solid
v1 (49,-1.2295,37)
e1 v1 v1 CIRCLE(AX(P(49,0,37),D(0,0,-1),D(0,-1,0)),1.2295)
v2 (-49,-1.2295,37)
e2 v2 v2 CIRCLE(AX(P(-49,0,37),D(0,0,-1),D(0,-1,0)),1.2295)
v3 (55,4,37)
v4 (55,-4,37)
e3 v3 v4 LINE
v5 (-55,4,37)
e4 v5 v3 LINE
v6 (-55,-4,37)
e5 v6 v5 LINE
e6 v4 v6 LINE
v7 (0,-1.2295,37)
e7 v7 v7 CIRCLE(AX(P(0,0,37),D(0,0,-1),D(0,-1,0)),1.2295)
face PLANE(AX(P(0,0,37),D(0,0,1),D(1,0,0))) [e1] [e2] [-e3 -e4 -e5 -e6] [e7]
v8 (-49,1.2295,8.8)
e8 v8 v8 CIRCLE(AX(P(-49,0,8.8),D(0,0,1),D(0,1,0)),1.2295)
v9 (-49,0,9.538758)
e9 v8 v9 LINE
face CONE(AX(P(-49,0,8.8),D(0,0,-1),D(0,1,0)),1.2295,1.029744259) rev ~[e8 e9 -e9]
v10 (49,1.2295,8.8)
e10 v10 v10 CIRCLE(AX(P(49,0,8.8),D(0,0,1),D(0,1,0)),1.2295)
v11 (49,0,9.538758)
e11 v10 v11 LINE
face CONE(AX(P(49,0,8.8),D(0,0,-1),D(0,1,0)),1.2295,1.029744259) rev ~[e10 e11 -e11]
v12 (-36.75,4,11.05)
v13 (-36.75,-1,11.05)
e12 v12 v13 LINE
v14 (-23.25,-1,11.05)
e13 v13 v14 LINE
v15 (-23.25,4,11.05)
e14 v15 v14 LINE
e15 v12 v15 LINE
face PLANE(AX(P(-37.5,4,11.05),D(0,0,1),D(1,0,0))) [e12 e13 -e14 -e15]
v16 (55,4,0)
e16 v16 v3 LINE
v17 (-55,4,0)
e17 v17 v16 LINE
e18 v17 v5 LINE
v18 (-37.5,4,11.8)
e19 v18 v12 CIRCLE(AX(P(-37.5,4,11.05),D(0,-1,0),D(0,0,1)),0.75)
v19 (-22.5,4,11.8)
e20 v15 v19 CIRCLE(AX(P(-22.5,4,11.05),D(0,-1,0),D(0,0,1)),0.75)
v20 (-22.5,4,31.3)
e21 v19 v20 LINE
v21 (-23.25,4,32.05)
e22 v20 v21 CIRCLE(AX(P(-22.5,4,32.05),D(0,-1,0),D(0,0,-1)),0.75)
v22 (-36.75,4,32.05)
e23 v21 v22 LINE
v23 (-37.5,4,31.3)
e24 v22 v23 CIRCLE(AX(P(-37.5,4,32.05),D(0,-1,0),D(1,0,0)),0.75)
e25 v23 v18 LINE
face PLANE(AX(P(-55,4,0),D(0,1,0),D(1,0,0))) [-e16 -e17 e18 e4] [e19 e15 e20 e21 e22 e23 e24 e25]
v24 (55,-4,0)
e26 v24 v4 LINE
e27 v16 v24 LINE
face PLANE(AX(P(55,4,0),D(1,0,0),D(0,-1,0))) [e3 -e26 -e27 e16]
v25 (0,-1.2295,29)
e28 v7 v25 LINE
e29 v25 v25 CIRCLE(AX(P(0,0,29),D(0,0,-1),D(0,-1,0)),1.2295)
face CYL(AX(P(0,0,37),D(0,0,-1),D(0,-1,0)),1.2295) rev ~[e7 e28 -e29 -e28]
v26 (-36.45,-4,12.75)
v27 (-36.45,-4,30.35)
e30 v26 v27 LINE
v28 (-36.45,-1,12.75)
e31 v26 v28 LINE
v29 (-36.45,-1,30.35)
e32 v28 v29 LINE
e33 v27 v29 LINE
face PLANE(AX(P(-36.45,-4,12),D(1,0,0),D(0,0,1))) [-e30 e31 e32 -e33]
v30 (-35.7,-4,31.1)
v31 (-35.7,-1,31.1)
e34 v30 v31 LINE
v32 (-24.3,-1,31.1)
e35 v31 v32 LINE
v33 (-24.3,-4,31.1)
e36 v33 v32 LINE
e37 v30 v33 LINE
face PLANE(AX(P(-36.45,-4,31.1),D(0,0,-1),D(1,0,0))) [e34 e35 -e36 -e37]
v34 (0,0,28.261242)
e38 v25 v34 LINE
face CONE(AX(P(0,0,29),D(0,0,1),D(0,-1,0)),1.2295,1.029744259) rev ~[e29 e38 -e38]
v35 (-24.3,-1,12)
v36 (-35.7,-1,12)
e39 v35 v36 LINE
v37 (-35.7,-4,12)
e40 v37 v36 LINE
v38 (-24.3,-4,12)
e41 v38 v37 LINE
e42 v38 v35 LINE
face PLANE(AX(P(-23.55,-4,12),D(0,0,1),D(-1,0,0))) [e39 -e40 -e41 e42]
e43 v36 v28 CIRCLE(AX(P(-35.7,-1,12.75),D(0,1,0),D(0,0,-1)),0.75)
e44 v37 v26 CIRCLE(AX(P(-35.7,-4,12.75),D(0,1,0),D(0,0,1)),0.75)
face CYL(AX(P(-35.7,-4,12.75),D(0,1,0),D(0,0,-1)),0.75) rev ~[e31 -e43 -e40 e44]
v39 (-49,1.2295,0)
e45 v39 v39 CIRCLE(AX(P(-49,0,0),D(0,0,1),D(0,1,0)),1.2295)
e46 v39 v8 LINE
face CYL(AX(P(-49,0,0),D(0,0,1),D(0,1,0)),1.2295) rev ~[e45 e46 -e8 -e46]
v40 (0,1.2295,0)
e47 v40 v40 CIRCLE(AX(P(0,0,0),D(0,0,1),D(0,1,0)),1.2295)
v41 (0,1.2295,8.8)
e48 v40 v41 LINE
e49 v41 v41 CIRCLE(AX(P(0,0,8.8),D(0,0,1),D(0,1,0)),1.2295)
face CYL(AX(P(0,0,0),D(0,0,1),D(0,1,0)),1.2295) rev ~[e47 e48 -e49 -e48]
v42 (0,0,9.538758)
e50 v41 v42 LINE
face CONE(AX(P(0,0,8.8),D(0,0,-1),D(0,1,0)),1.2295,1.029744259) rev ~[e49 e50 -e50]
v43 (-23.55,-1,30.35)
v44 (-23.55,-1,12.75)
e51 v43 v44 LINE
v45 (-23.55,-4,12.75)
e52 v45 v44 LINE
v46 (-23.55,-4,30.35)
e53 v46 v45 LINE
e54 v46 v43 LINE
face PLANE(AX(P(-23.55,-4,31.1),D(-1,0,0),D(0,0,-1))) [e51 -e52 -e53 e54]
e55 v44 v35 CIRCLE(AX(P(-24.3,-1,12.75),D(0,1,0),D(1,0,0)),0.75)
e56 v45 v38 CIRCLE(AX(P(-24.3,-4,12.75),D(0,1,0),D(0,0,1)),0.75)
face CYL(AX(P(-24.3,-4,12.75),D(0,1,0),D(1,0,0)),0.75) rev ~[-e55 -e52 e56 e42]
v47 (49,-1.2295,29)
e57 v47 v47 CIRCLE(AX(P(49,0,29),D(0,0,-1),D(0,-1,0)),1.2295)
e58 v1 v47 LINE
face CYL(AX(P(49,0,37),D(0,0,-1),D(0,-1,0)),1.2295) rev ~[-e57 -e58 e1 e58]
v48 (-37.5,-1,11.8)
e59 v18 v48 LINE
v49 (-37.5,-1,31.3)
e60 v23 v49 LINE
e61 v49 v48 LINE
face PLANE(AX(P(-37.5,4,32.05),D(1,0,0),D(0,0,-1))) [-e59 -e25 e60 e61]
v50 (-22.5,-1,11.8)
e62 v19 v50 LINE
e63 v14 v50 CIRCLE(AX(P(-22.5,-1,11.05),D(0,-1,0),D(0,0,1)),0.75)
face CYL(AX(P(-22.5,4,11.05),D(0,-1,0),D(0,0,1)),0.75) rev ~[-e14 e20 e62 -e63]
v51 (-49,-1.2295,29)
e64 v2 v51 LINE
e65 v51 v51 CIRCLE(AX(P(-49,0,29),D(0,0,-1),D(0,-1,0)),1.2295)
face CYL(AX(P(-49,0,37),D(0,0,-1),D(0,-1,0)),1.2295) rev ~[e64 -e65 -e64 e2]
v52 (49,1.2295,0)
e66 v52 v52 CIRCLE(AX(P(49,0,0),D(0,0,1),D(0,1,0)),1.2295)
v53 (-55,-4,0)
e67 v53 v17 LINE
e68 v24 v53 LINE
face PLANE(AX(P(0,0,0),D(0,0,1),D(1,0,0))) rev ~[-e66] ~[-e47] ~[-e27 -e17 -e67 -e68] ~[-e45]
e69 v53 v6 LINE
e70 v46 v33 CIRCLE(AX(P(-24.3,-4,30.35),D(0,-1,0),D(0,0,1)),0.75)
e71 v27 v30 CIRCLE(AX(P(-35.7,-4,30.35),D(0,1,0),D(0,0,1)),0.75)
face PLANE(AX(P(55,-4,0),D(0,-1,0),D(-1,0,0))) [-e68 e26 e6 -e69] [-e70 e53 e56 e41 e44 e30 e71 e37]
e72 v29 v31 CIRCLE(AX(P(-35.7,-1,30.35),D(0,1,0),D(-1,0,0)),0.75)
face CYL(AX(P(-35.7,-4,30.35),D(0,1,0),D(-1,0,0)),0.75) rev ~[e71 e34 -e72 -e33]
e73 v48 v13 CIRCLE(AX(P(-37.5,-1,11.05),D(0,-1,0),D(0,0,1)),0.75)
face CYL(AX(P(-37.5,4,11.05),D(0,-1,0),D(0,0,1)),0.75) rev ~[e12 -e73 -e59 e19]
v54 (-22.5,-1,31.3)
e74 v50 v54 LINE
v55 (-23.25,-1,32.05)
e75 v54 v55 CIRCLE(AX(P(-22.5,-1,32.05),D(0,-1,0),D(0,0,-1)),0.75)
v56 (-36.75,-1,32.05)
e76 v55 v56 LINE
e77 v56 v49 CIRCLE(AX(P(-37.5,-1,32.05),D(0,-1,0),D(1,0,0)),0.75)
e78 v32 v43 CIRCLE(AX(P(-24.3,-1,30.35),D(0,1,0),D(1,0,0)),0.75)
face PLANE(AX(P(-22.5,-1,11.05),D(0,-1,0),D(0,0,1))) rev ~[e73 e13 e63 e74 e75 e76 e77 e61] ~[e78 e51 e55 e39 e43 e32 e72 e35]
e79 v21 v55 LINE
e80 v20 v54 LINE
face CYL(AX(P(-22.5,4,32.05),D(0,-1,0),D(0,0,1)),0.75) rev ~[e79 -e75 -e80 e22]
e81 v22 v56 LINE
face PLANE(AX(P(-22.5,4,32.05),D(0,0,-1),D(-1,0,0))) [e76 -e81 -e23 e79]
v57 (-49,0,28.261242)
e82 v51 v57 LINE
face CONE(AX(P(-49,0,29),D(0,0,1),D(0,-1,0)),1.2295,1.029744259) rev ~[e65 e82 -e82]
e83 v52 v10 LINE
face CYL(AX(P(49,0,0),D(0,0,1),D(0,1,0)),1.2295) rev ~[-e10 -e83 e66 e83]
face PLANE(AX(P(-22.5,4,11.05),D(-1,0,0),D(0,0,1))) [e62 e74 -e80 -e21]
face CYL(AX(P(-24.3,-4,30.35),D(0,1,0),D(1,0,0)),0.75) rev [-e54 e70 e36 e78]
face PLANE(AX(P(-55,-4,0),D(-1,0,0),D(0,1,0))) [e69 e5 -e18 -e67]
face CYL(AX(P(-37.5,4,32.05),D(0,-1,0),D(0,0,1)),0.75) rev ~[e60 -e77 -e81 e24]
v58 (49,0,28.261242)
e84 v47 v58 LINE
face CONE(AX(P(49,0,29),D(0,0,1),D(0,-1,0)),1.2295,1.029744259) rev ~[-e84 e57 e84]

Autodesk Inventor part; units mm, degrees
ref_plane "YZ Plane" through (0, 0, 0) normal (1, 0, 0) x (0, 1, 0)
ref_plane "XZ Plane" through (0, 0, 0) normal (0, 1, 0) x (-1, 0, 0)
ref_plane "XY Plane" through (0, 0, 0) normal (0, 0, 1) x (1, 0, 0)
sketch "Sketch1" plane through (0, 0, 0) normal (0, 0, 1) x (1, 0, 0)
  line L0 (-55, 4) -> (55, 4)
  line L1 (55, 4) -> (55, -4)
  line L2 (55, -4) -> (-55, -4)
  line L3 (-55, -4) -> (-55, 4)
  line L4 (-55, 4) -> (55, -4) construction
  line L5 (55, 4) -> (-55, -4) construction
  point P0 (0, 0)
  dimension "d0" = 110
  dimension "d1" = 8
extrude "Extrusion1" add sketch "Sketch1" along normal blind 37
sketch "Sketch2" plane through (0, 0, 37) normal (0, 0, 1) x (1, 0, 0)
  line L0 (-55, 4) -> (-55, -4) projected
  line L1 (55, -4) -> (55, 4) projected
  point P0 (0, 0)
  point P1 (-49, 0)
  point P2 (0, 0)
  point P3 (49, 0)
  dimension "d4" = 6
  dimension "d5" = 6
hole "Hole1" at (-49, 0, 37) at (0, 0, 37) at (49, 0, 37) direction (0, 0, -1) diameter 2.459 depth 8 tip angle 118 thread size "M3x0.5" class "6H" standard "ISO Metric profile"
sketch "Sketch3" plane through (0, 0, 0) normal (0, 0, -1) x (-1, 0, 0)
  circle A0 centre (-49, 0) radius 1.2295 projected
  circle A1 centre (0, 0) radius 1.2295 projected
  circle A2 centre (49, 0) radius 1.2295 projected
hole "Hole2" at (49, 0, 0) at (0, 0, 0) at (-49, 0, 0) direction (0, 0, 1) diameter 2.459 depth 8.8 tip angle 118 thread size "M3x0.5" class "6H" standard "ISO Metric profile"
sketch "Sketch4" plane through (-55, -4, 0) normal (0, -1, 0) x (1, 0, 0)
  line L0 (18.55, 31.1) -> (31.45, 31.1)
  line L1 (31.45, 31.1) -> (31.45, 12)
  line L2 (31.45, 12) -> (18.55, 12)
  line L3 (18.55, 12) -> (18.55, 31.1)
  line L4 (18.55, 31.1) -> (31.45, 12) construction
  line L5 (31.45, 31.1) -> (18.55, 12) construction
  line L6 (110, 0) -> (0, 0) projected
  line L7 (0, 0) -> (0, 37) projected
  line L8 (110, 0) -> (110, 37) projected
  point P0 (55, 0)
  point P1 (25, 21.55)
  dimension "d21" = 12.9
  dimension "d22" = 19.1
  dimension "d23" = 12
  dimension "d29" = 85
extrude "Extrusion2" cut sketch "Sketch4" against normal blind 10
fillet "Fillet3" radius 0.75 4 edges at (-23.55, 0, 31.1) (-36.45, 0, 31.1) (-36.45, 0, 12) (-23.55, 0, 12)
sketch "Sketch5" plane through (-55, 4, 0) normal (0, 1, 0) x (1, 0, 0)
  line L0 (30.7, -31.1) -> (19.3, -31.1) projected
  line L1 (31.45, -12.75) -> (31.45, -30.35) projected
  line L2 (32.5, -32.05) -> (17.5, -32.05)
  line L3 (17.5, -32.05) -> (17.5, -11.05)
  line L4 (17.5, -11.05) -> (32.5, -11.05)
  line L5 (32.5, -11.05) -> (32.5, -32.05)
  line L6 (32.5, -32.05) -> (17.5, -11.05) construction
  line L7 (17.5, -32.05) -> (32.5, -11.05) construction
  point P0 (55, 0)
  point P1 (25, -21.55)
  dimension "d33" = 9.55
  dimension "d34" = 6.45
  dimension "d35" = 15
  dimension "d36" = 21
extrude "Extrusion3" cut sketch "Sketch5" against normal blind 5
sketch "Sketch6" plane through (-55, 4, 0) normal (0, 1, 0) x (1, 0, 0)
  line L0 (32.5, -32.05) -> (17.5, -32.05) projected
  line L1 (17.5, -32.05) -> (17.5, -11.05) projected
  line L2 (17.5, -11.05) -> (32.5, -11.05) projected
  point P0 (55, 0)
hole "Hole3" at (-22.5, 4, 32.05) at (-37.5, 4, 32.05) at (-37.5, 4, 11.05) at (-22.5, 4, 11.05) direction (0, -1, 0) diameter 1.5 depth 5
properties part number "side" material "Aluminum 6061"
